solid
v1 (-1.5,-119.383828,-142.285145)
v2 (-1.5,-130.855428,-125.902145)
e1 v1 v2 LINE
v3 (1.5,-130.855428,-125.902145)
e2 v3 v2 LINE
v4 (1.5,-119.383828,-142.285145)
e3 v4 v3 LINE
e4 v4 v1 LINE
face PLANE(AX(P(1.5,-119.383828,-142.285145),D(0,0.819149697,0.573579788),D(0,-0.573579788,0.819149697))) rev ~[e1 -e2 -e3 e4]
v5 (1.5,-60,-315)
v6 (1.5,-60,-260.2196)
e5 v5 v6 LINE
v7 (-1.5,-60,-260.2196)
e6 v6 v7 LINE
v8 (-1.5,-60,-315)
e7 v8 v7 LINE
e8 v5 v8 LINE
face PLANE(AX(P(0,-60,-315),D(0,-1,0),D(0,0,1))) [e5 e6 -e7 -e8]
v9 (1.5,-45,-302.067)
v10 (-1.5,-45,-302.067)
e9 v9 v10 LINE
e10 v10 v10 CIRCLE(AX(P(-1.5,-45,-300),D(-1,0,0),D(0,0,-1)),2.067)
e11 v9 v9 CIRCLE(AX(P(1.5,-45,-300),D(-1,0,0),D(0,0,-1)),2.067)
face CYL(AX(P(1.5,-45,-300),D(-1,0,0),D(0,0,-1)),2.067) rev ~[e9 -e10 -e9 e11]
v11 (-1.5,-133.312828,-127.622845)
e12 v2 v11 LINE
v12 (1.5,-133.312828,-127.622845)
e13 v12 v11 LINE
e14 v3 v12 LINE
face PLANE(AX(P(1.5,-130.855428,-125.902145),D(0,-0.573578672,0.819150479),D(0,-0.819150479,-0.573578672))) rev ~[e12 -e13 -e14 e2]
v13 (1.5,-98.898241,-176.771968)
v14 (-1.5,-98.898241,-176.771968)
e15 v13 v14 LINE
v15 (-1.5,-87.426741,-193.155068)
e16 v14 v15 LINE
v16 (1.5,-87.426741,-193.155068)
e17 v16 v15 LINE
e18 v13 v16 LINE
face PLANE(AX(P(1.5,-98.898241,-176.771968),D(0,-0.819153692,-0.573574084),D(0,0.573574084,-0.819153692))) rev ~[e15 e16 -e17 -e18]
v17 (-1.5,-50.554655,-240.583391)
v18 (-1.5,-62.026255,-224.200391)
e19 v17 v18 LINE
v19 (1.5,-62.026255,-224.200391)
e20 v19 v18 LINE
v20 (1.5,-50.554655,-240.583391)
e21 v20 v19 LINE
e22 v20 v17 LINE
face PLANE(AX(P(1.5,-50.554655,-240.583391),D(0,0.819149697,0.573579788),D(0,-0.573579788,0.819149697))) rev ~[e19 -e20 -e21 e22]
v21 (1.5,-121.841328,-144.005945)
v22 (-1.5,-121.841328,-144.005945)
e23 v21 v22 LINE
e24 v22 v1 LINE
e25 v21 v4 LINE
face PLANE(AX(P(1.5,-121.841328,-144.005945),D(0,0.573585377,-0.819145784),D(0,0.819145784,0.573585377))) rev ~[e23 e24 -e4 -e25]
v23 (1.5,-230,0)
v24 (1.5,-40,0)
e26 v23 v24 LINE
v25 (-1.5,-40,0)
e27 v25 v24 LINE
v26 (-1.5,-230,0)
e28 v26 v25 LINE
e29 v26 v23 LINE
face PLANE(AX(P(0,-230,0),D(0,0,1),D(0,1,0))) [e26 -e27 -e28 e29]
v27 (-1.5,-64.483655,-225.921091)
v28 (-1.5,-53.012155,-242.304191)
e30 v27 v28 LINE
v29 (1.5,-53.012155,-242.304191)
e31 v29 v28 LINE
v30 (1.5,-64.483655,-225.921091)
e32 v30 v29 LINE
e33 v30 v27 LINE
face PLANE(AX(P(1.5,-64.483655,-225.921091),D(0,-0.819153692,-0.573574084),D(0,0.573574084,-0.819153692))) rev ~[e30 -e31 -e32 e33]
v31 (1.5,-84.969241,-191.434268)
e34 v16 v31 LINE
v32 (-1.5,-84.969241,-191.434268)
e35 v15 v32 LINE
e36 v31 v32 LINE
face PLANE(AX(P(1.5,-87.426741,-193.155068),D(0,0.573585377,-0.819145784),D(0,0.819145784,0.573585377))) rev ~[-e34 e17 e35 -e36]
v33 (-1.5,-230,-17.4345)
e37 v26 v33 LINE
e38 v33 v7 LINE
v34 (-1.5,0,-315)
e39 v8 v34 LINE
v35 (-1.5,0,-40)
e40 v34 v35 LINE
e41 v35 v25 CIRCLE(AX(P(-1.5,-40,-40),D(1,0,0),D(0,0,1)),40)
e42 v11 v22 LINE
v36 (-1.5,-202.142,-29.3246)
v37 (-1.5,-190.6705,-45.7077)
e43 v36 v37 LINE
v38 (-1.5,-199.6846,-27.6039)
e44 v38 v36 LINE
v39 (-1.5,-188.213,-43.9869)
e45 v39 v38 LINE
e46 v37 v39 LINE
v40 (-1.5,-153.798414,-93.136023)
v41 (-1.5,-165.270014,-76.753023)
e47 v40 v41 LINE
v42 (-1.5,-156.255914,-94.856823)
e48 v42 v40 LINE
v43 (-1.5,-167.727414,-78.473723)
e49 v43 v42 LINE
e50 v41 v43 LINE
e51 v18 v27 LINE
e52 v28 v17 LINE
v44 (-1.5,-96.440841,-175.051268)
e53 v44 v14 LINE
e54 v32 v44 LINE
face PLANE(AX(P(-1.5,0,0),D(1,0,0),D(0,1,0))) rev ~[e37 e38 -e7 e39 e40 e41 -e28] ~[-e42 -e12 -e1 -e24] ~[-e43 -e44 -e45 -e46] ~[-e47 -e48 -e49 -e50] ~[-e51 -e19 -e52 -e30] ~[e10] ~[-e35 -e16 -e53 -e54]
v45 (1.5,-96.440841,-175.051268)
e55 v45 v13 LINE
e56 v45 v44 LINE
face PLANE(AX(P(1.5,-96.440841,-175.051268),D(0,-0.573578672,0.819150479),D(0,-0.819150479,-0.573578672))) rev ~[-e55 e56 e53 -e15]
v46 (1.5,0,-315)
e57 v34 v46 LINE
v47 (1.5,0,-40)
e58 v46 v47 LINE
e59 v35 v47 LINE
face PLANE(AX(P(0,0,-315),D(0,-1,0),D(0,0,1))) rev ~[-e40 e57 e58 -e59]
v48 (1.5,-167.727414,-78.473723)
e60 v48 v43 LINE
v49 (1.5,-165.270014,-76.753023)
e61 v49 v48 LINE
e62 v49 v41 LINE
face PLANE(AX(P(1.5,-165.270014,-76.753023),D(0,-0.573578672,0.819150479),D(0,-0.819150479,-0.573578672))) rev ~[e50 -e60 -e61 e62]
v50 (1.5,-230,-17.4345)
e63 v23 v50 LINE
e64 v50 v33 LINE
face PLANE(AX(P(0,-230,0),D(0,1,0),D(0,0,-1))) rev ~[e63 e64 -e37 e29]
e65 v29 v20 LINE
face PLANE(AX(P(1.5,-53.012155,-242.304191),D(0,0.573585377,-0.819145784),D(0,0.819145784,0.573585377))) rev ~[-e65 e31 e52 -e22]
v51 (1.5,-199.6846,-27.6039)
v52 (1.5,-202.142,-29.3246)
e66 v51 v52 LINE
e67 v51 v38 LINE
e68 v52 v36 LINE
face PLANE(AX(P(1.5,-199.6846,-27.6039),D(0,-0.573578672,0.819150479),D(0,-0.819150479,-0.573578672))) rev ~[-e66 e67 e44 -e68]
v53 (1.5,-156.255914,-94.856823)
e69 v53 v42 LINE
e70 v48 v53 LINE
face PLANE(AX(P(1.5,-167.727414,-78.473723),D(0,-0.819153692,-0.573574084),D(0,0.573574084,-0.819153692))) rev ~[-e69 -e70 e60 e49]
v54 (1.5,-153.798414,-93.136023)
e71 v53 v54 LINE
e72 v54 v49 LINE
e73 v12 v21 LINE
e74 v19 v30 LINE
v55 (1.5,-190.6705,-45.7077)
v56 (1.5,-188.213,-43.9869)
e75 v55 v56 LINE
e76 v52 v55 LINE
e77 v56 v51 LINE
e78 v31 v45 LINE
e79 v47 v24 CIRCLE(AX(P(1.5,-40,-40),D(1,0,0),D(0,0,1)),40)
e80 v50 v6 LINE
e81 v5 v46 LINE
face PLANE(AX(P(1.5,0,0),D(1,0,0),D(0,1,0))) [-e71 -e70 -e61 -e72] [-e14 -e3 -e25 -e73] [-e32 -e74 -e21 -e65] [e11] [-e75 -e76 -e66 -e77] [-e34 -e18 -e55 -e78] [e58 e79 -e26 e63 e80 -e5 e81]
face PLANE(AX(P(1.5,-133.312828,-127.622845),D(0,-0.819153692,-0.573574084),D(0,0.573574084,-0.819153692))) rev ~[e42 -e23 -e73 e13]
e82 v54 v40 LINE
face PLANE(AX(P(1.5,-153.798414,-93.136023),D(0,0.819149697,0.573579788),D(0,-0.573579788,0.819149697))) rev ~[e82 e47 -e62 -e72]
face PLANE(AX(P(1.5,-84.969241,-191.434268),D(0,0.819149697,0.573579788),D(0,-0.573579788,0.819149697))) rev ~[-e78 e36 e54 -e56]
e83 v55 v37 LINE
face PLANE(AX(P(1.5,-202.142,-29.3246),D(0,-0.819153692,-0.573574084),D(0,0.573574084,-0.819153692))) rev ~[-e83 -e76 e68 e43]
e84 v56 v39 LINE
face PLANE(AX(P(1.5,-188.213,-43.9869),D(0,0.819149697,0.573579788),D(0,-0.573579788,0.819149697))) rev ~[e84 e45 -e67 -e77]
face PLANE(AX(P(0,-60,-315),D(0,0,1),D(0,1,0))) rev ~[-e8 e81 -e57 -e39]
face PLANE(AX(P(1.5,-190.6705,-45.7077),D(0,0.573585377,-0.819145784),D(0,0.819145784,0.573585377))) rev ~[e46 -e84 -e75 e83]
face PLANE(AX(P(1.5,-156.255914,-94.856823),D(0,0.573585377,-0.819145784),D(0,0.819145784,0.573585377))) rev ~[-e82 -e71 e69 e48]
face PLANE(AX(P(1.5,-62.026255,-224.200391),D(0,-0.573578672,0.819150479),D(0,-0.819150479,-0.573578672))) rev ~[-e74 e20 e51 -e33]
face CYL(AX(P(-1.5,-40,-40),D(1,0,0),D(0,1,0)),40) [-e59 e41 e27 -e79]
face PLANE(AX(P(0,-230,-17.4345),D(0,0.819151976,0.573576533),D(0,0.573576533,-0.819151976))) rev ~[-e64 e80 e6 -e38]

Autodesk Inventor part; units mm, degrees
ref_plane "YZ Plane" through (0, 0, 0) normal (1, 0, 0) x (0, 1, 0)
ref_plane "XZ Plane" through (0, 0, 0) normal (0, 1, 0) x (-1, 0, 0)
ref_plane "XY Plane" through (0, 0, 0) normal (0, 0, 1) x (1, 0, 0)
sketch "Sketch1" plane through (0, 0, 0) normal (1, 0, 0) x (0, 1, 0)
  line L0 (0, -315) -> (0, 0)
  line L1 (-60, -315) -> (0, -315)
  line L2 (-60, -315) -> (-60, -242.7852)
  line L3 (-60, -242.7852) -> (-230, 0)
  line L4 (-230, 0) -> (0, 0)
  line L5 (-204.5995, -31.0454) -> (-193.128, -47.4284)
  line L6 (-193.128, -47.4284) -> (-195.5854, -49.1491)
  line L7 (-195.5854, -49.1491) -> (-207.0569, -32.7661)
  line L8 (-207.0569, -32.7661) -> (-204.5995, -31.0454)
  line L9 (-230, -17.4345) -> (-60, -260.2196)
  line L10 (-230, 0) -> (-230, -17.4345)
  point P0 (-45, -305)
  point P1 (-201.3212, -40.9576)
  point P2 (-198.8637, -39.2369)
  dimension "d0" = 60
  dimension "d7" = 15
  dimension "d47" = 315
  dimension "d48" = 230
  dimension "d49" = 55
  dimension "d51" = 3
  dimension "d52" = 20
  dimension "d54" = 40
  dimension "d59" = 10
  dimension "d60" = 0
  dimension "d63" = 10
extrude "Extrusion1" add sketch "Sketch1" along normal mid plane 3
sketch "Sketch2" plane through (1.5, 0, 0) normal (1, 0, 0) x (0, 0, -1)
  line L0 (29.3246, -202.142) -> (45.7077, -190.6705)
  line L1 (45.7077, -190.6705) -> (43.9869, -188.213)
  line L2 (43.9869, -188.213) -> (27.6039, -199.6846)
  line L3 (27.6039, -199.6846) -> (29.3246, -202.142)
  line L4 (0, 0) -> (0, -230) construction
  line L5 (17.4345, -230) -> (260.2196, -60) projected
  line L6 (29.3246, -202.142) -> (0, -221.4287) construction
  dimension "d24" = 3
  dimension "d25" = 20
  dimension "d55" = 40
  dimension "d61" = 16
  dimension "d67" = 35.0986
extrude "Extrusion2" cut sketch "Sketch2" against normal blind 3
pattern_linear "Rectangular Pattern1" count 5 spacing 60 along (0, 0.5736, -0.8192) of "Extrusion2"
sketch "Sketch3" plane through (1.5, 0, 0) normal (1, 0, 0) x (0, 0, -1)
  line L0 (315, -60) -> (315, 0) projected
  line L1 (315, 0) -> (0, 0) projected
  line L2 (260.2196, -60) -> (315, -60) projected
  point P0 (300, -45)
  dimension "d64" = 15
  dimension "d65" = 15
hole "Hole3" at (1.5, -45, -300) direction (-1, 0, 0) diameter 4.134 end through all thread size "M5x0.8" class "6H" standard "ISO Metric profile"
fillet "Fillet1" radius 40 1 edges at (0, 0, 0)
properties part number "2309HCMUTE-CDT23_VACH-NGAN" material "PMMA Plastic"
